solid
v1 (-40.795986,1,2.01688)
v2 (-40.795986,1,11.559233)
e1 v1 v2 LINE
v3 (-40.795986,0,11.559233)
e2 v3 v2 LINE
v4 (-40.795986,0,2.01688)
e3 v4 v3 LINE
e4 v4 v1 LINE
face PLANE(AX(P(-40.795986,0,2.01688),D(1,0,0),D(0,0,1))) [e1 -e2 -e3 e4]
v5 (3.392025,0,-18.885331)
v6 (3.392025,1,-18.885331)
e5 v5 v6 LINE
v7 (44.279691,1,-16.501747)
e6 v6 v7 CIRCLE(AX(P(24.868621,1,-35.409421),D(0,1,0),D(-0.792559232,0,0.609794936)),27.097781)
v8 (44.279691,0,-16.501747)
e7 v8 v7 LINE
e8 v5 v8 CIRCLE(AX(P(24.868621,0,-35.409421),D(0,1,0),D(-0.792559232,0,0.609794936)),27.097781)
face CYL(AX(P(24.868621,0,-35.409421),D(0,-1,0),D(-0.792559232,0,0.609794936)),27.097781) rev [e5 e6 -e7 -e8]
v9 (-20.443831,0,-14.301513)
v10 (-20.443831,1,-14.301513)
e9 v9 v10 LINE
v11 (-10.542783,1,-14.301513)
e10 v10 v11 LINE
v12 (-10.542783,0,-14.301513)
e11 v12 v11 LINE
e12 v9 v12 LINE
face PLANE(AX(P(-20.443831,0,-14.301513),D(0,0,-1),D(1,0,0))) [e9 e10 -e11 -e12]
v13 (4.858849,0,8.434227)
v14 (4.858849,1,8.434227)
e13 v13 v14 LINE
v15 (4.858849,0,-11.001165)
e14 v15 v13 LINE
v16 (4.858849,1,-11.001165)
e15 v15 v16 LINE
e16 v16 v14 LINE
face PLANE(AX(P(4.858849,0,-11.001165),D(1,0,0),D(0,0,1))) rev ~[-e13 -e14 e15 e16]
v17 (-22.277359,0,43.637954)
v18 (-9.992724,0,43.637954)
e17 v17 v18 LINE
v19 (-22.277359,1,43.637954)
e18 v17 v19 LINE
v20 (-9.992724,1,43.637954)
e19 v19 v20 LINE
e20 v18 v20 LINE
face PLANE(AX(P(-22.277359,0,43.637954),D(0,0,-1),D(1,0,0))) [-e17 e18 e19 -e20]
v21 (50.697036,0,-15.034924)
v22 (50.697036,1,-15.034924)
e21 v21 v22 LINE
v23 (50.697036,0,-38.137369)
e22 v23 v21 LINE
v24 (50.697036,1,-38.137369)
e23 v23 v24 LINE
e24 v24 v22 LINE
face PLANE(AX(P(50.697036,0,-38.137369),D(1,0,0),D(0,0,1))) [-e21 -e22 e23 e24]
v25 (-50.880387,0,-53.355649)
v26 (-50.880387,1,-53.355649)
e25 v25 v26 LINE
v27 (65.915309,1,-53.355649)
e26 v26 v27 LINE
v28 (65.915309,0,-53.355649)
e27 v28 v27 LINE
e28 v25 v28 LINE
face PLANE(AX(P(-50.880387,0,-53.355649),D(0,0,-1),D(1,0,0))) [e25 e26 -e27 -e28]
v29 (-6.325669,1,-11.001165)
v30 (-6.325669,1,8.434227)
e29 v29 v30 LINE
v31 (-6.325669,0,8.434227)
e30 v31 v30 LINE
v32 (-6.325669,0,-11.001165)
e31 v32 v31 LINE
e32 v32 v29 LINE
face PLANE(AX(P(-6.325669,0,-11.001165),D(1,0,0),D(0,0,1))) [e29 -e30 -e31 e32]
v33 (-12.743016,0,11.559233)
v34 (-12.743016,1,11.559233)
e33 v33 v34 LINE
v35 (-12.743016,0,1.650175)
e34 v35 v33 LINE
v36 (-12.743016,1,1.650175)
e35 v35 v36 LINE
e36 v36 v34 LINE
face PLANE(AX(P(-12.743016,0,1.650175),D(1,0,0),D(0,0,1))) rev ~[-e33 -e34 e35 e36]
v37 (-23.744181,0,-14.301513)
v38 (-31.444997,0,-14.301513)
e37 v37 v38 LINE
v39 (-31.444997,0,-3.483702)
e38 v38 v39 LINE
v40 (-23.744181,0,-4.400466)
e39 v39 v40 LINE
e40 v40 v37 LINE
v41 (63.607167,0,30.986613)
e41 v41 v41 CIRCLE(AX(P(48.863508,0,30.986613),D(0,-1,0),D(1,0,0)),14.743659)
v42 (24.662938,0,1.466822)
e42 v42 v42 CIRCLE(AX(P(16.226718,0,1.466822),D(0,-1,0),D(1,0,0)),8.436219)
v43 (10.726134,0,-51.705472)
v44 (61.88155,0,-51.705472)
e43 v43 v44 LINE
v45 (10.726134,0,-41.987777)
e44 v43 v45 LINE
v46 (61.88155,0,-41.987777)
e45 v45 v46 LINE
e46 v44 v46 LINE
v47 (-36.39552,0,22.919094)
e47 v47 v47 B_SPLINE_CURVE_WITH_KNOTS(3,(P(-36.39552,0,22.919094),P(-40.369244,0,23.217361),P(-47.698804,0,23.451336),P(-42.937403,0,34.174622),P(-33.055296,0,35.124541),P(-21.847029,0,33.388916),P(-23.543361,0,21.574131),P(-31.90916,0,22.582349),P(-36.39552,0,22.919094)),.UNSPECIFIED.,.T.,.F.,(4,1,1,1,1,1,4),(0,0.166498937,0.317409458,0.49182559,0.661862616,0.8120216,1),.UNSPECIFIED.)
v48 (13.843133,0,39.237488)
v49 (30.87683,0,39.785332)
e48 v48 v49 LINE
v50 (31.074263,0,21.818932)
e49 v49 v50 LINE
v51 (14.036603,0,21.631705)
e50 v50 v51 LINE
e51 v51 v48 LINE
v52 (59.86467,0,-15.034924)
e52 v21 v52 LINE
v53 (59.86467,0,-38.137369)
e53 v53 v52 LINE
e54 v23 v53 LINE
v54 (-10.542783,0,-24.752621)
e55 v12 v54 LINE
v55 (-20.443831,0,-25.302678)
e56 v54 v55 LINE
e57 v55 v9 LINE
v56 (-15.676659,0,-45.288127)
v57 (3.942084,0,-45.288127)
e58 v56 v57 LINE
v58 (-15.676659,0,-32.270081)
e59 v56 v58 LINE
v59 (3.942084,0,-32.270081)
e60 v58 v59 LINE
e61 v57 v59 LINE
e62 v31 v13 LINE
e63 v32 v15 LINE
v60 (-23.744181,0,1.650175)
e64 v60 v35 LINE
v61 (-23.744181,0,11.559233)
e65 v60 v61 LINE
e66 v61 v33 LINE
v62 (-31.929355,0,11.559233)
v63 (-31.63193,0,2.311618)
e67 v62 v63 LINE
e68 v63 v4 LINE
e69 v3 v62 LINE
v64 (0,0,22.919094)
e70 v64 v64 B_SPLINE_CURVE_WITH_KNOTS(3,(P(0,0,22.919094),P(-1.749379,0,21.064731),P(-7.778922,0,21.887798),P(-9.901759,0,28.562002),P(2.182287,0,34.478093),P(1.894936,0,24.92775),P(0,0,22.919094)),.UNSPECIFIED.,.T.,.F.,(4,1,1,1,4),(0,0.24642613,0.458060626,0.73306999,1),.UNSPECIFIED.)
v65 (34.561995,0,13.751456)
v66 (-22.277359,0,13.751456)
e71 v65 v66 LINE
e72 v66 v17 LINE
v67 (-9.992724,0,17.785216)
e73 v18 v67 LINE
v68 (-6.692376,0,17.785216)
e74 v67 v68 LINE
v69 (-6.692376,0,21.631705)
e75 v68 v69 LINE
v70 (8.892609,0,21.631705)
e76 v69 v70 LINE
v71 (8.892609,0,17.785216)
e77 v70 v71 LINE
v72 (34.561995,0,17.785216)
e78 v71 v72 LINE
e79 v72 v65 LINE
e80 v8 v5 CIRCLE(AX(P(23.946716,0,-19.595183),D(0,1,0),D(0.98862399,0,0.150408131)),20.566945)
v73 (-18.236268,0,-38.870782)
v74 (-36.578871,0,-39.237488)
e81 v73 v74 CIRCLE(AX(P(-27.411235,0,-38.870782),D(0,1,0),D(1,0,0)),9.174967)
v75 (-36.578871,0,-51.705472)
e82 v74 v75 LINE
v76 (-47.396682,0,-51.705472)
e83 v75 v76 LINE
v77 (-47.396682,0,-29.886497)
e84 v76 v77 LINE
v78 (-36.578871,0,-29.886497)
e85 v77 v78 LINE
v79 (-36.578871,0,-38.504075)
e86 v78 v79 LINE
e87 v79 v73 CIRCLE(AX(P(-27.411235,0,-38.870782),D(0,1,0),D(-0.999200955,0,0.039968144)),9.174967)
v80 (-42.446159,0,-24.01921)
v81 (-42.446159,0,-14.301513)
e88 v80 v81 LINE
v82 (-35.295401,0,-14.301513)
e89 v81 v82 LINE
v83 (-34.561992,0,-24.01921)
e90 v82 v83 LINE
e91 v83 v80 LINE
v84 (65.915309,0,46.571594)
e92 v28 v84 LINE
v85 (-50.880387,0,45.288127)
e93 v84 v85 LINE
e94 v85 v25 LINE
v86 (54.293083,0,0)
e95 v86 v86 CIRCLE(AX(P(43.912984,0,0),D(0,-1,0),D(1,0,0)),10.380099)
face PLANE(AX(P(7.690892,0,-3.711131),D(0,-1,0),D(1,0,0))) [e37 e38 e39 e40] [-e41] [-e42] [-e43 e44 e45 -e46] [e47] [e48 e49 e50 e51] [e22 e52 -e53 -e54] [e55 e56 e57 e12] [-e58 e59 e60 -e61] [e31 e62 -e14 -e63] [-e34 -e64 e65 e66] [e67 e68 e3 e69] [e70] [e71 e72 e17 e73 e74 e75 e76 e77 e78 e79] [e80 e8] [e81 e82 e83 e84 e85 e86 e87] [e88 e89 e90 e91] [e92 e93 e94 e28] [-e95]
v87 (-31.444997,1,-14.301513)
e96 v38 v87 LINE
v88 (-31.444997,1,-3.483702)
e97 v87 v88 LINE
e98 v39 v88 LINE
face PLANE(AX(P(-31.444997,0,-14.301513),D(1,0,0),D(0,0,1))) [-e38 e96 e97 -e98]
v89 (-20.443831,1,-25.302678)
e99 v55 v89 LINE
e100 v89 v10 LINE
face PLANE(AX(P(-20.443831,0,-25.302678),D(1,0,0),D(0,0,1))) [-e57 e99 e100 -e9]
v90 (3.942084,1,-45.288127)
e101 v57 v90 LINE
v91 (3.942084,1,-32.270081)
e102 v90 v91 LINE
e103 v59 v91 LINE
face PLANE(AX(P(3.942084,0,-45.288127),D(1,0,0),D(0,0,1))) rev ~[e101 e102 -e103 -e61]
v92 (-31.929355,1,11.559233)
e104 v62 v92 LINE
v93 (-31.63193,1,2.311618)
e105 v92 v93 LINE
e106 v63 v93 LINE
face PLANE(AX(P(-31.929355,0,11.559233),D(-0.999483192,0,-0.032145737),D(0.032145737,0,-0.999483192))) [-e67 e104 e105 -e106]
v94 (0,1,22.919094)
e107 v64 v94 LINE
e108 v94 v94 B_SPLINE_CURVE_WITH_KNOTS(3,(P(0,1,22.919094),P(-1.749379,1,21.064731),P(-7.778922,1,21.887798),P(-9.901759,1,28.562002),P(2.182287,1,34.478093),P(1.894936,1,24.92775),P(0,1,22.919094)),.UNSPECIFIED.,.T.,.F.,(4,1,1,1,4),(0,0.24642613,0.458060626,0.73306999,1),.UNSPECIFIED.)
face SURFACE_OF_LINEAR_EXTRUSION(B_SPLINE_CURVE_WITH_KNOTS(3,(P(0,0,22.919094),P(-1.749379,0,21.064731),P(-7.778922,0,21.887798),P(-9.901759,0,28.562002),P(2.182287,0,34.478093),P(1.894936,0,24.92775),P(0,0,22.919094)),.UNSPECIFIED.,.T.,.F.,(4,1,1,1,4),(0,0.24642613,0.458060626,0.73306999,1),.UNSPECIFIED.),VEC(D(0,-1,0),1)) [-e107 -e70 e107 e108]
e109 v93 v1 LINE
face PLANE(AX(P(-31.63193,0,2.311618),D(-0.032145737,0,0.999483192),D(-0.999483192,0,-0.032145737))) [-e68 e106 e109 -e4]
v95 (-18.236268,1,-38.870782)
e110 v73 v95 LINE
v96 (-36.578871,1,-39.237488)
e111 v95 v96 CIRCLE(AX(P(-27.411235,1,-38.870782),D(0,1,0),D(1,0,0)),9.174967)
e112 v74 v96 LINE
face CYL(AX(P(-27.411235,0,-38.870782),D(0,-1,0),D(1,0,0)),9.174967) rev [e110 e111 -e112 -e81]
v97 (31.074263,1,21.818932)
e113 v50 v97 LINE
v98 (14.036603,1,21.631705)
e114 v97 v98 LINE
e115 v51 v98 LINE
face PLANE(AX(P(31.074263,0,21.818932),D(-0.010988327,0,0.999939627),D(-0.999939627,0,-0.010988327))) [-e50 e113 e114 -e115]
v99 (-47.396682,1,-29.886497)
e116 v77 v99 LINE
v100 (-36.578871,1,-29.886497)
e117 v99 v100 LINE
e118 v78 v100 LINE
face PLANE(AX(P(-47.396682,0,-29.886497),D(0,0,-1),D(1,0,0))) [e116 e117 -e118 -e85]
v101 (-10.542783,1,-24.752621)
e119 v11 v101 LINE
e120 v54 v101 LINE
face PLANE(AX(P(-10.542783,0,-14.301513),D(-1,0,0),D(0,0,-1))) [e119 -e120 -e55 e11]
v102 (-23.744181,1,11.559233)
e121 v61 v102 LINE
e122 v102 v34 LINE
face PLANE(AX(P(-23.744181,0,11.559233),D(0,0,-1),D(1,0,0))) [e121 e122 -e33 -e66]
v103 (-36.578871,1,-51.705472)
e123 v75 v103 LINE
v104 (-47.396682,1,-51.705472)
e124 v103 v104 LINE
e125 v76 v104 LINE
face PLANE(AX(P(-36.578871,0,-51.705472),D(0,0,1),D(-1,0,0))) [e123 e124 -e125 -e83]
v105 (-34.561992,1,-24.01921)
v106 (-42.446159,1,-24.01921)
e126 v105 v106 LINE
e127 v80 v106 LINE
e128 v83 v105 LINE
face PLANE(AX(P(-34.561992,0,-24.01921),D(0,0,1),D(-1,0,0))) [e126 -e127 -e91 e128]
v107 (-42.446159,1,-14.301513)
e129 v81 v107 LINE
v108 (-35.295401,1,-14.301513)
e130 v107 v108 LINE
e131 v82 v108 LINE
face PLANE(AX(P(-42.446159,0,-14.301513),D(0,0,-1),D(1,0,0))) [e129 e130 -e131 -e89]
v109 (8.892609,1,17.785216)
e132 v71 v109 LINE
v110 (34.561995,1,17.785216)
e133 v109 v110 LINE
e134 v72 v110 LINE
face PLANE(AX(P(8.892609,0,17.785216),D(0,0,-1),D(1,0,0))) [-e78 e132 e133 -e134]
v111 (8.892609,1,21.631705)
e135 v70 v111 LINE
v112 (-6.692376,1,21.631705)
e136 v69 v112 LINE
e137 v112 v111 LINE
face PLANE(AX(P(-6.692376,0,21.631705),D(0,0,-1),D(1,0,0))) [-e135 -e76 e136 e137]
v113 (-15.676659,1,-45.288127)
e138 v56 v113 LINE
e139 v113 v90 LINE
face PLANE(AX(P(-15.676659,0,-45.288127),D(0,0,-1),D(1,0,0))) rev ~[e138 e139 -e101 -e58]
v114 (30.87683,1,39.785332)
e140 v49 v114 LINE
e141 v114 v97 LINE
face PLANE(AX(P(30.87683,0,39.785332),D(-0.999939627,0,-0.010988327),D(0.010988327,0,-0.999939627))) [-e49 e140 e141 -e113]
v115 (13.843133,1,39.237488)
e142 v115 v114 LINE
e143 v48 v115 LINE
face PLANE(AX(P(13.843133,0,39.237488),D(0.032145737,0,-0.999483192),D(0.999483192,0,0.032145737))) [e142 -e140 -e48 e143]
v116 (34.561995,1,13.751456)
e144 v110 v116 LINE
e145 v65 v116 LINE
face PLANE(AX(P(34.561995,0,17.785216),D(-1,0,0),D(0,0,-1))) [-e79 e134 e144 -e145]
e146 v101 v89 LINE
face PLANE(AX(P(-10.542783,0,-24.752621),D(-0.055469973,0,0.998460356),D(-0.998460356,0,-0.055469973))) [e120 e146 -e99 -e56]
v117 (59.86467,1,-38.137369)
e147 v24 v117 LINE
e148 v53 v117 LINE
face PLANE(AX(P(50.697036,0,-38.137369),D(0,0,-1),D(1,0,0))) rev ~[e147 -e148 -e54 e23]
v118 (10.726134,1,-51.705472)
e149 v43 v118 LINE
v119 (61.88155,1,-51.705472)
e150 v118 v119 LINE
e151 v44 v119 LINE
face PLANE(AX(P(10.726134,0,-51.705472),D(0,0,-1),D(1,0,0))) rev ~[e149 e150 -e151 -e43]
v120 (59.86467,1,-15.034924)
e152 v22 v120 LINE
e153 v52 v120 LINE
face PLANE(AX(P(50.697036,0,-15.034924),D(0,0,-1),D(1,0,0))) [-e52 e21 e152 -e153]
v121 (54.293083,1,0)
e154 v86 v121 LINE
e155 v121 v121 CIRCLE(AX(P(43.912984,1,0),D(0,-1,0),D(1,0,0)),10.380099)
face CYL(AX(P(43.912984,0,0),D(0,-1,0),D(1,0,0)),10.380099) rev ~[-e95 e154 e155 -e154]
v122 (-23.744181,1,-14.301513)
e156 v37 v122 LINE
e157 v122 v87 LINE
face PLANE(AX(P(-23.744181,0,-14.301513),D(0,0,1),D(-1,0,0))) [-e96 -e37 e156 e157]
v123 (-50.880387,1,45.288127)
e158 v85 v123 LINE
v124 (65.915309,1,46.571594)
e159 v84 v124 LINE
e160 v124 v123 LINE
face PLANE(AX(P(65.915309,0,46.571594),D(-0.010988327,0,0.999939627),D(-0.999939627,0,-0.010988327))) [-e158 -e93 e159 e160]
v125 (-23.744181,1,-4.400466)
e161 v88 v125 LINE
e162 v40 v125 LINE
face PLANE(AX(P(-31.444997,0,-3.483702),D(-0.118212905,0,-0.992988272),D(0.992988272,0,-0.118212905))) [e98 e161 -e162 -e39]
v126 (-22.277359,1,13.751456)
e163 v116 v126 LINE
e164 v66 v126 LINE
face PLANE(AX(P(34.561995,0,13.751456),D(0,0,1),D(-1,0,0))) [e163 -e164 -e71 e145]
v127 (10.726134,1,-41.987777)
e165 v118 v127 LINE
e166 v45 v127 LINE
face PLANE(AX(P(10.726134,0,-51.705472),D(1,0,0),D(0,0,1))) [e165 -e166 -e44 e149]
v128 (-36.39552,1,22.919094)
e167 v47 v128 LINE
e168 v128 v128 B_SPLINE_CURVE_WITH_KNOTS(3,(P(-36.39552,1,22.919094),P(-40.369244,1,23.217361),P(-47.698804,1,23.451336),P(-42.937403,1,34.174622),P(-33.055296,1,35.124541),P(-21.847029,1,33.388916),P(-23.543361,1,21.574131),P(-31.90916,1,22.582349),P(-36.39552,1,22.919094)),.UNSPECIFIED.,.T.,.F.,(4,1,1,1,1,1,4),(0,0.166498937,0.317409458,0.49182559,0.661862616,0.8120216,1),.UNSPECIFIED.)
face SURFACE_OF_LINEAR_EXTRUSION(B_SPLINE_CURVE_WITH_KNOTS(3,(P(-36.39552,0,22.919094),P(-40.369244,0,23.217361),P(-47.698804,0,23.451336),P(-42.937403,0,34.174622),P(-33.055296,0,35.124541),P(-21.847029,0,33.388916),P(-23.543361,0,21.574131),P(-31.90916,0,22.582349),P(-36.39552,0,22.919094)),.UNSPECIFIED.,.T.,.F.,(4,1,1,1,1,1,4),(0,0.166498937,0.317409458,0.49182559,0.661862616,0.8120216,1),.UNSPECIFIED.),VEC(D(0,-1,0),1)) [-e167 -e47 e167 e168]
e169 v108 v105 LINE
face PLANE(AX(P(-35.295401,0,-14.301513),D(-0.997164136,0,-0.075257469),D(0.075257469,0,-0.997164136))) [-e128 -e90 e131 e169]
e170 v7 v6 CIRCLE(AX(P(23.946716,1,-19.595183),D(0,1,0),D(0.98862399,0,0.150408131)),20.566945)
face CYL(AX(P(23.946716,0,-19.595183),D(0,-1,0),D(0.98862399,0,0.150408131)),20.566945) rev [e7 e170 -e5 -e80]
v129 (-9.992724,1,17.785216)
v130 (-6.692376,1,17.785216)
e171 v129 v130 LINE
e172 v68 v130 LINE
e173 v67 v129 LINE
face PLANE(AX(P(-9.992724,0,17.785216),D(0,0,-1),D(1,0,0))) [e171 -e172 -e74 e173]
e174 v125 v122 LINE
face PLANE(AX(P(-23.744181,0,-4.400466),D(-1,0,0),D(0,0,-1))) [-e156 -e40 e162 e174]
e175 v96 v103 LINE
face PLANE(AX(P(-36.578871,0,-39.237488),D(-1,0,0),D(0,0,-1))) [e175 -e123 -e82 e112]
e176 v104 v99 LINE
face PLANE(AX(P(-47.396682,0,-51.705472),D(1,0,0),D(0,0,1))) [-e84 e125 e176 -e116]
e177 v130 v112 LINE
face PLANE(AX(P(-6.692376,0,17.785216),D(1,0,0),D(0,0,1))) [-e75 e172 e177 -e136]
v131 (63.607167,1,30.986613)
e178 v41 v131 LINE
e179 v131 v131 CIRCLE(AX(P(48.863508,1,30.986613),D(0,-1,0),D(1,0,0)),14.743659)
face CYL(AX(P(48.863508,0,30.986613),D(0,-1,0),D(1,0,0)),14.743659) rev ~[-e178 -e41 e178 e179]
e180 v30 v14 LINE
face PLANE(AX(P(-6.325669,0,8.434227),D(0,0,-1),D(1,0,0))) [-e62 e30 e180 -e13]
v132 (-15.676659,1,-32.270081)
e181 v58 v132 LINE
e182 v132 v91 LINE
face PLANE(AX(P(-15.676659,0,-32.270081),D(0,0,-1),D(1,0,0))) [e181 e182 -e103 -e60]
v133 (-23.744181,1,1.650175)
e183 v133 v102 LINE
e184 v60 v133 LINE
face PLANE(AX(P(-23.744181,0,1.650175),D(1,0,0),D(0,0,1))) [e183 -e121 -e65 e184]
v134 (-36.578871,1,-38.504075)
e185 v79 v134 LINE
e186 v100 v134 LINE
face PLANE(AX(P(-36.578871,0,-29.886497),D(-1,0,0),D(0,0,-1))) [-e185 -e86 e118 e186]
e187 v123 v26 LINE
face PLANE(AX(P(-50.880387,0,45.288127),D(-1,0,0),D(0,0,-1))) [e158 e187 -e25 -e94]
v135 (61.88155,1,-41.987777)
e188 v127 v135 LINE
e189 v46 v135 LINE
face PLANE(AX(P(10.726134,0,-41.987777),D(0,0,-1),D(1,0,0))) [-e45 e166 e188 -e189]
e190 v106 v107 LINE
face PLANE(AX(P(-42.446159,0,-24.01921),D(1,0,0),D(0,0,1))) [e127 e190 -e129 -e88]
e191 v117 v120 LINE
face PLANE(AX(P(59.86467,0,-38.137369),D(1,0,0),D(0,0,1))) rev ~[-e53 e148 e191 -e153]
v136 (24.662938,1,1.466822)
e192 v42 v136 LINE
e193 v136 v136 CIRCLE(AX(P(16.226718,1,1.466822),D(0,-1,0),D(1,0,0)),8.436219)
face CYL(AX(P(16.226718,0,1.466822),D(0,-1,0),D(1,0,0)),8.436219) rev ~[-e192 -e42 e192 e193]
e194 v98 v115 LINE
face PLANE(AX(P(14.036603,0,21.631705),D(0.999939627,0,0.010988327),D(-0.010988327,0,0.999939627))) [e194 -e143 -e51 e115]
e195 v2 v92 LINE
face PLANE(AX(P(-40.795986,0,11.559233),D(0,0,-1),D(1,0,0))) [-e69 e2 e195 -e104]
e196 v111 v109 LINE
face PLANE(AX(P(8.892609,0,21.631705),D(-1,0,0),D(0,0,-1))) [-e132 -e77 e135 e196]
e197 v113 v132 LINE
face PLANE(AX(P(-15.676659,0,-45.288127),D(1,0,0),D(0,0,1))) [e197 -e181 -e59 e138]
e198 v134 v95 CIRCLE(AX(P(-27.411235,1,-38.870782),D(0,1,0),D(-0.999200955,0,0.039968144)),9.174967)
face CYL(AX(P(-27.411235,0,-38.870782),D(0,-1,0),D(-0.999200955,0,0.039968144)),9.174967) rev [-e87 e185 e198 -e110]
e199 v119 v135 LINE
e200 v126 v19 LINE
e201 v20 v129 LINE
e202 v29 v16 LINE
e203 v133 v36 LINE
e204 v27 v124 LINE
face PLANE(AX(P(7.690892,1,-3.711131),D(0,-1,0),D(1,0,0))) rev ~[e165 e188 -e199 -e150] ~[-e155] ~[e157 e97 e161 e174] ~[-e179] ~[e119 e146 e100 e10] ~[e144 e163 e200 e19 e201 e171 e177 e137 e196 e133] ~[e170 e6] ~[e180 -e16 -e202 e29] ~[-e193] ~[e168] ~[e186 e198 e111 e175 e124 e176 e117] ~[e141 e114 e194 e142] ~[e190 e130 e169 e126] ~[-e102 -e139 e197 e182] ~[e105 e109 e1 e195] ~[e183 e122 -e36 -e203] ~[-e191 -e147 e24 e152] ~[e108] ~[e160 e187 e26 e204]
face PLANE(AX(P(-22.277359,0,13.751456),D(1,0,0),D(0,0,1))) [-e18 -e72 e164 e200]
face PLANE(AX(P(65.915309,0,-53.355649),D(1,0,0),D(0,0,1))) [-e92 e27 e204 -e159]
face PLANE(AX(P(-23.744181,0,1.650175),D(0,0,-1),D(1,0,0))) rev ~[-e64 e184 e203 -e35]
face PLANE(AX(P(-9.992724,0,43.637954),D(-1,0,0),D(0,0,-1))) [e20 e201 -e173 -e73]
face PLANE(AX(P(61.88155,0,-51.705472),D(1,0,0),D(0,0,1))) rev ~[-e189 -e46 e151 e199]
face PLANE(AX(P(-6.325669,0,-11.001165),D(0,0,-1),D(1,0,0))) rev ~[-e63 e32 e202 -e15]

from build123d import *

# Parameters (mm, degrees)
F0_W     = 19.6187430993
F0_H     = 13.0180455744
F0_W_2   = 51.1554153636
F0_H_2   = 9.717695415
F0_W_3   = 9.1676339507
F0_H_3   = 23.1024445966
F0_W_4   = 11.0011650249
F0_H_4   = 9.9090581928
F0_W_5   = 11.1845177598
F0_H_5   = 19.4353917614
F0_R     = 8.4362194628
F0_R_2   = 10.3800985227
F0_R_3   = 14.7436590879
F1_DEPTH = 1


with BuildPart() as f1:
    # F0 (on Front) → F1 (new body)
    with BuildSketch(Plane.XZ):
        Polygon((65.9153088927, 46.5715937316), (-50.8803874254, 45.2881269157), (-50.8803874254, -53.3556491137), (65.9153088927, -53.3556491137), align=None)
        with BuildLine():
            ThreePointArc((-36.5788713098, -38.504075259), (-27.227845658, -29.6976476178), (-18.236268467, -38.8707816601))
            ThreePointArc((-18.236268467, -38.8707816601), (-27.227845658, -48.0439157024), (-36.5788713098, -39.2374880612))
            Line((-36.5788713098, -39.2374880612), (-36.5788713098, -51.7054721713))
            Line((-36.5788713098, -51.7054721713), (-47.3966822028, -51.7054721713))
            Line((-47.3966822028, -51.7054721713), (-47.3966822028, -29.8864971846))
            Line((-47.3966822028, -29.8864971846), (-36.5788713098, -29.8864971846))
            Line((-36.5788713098, -29.8864971846), (-36.5788713098, -38.504075259))
        make_face(mode=Mode.SUBTRACT)
        with Locations((-5.8672870509, -38.7791041285)):
            Rectangle(F0_W, F0_H, mode=Mode.SUBTRACT)
        Polygon((-42.4461588264, -14.3015133217), (-35.2954007685, -14.3015133217), (-34.5619916916, -24.019209668), (-42.4461588264, -24.019209668), align=None, mode=Mode.SUBTRACT)
        Polygon((-31.4449965954, -14.3015133217), (-31.4449965954, -3.4837021958), (-23.7441807985, -4.4004661031), (-23.7441807985, -14.3015133217), align=None, mode=Mode.SUBTRACT)
        Polygon((-10.5427829549, -24.7526206076), (-20.4438306391, -25.3026783466), (-20.4438306391, -14.3015133217), (-10.5427829549, -14.3015133217), align=None, mode=Mode.SUBTRACT)
        with Locations((36.3038419746, -46.8466244638)):
            Rectangle(F0_W_2, F0_H_2, mode=Mode.SUBTRACT)
        with BuildLine():
            ThreePointArc((44.2796908319, -16.5017470717), (25.1436526849, -40.1272688946), (3.3920246642, -18.8853312284))
            ThreePointArc((3.3920246642, -18.8853312284), (23.29160868, -8.3575674607), (44.2796908319, -16.5017470717))
        make_face(mode=Mode.SUBTRACT)
        with Locations((55.2808530629, -26.5861465596)):
            Rectangle(F0_W_3, F0_H_3, mode=Mode.SUBTRACT)
        Polygon((-40.7959856093, 2.0168800838), (-40.7959856093, 10.4511063546), (-40.7959856093, 11.5592328068), (-31.9293554408, 11.5592328068), (-31.6319303269, 2.3116177173), align=None, mode=Mode.SUBTRACT)
        with Locations((-18.2435982861, 6.6047037104)):
            Rectangle(F0_W_4, F0_H_4, mode=Mode.SUBTRACT)
        with Locations((-0.7334102411, -1.2834691443)):
            Rectangle(F0_W_5, F0_H_5, mode=Mode.SUBTRACT)
        with BuildLine():
            add(Edge.make_bspline(
                [(-36.3955199718, 22.91909419), (-40.3692436742, 23.2173613235), (-47.6988040414, 23.4513357592), (-42.9374028879, 34.1746216584), (-33.0552959902, 35.1245405062), (-21.8470292719, 33.3889159272), (-23.5433606261, 21.574130731), (-31.9091596533, 22.5823486253), (-36.3955199718, 22.91909419)],
                knots=[0, 0, 0, 0, 0.1664989371, 0.3174094582, 0.4918255897, 0.6618626164, 0.8120215998, 1, 1, 1, 1], degree=3))
        make_face(mode=Mode.SUBTRACT)
        with BuildLine():
            add(Edge.make_bspline(
                [(0, 22.91909419), (-1.7493788556, 21.0647309914), (-7.778921877, 21.8877975552), (-9.9017590218, 28.5620022365), (2.1822872024, 34.478092849), (1.8949358834, 24.9277496363), (0, 22.91909419)],
                knots=[0, 0, 0, 0, 0.24642613, 0.4580606264, 0.7330699895, 1, 1, 1, 1], degree=3))
        make_face(mode=Mode.SUBTRACT)
        Polygon((-22.2773589194, 13.7514555827), (-22.2773589194, 17.7852157503), (-22.2773589194, 43.6379536986), (-9.9927242845, 43.6379536986), (-9.9927242845, 17.7852157503), (-6.6923755221, 17.7852157503), (-6.6923755221, 21.6317051071), (8.8926088065, 21.6317051071), (8.8926088065, 17.7852157503), (34.5619954169, 17.7852157503), (34.5619954169, 13.7514555827), align=None, mode=Mode.SUBTRACT)
        with Locations((16.2267182022, 1.4668219956)):
            Circle(F0_R, mode=Mode.SUBTRACT)
        with Locations((43.9129844308, 0)):
            Circle(F0_R_2, mode=Mode.SUBTRACT)
        Polygon((14.0366028987, 21.6317051071), (13.8431331143, 39.2374880612), (30.8768302154, 39.7853319379), (31.0742628188, 21.8189317928), align=None, mode=Mode.SUBTRACT)
        with Locations((48.8635078073, 30.9866126627)):
            Circle(F0_R_3, mode=Mode.SUBTRACT)
    extrude(amount=-F1_DEPTH)


solid = f1.part
